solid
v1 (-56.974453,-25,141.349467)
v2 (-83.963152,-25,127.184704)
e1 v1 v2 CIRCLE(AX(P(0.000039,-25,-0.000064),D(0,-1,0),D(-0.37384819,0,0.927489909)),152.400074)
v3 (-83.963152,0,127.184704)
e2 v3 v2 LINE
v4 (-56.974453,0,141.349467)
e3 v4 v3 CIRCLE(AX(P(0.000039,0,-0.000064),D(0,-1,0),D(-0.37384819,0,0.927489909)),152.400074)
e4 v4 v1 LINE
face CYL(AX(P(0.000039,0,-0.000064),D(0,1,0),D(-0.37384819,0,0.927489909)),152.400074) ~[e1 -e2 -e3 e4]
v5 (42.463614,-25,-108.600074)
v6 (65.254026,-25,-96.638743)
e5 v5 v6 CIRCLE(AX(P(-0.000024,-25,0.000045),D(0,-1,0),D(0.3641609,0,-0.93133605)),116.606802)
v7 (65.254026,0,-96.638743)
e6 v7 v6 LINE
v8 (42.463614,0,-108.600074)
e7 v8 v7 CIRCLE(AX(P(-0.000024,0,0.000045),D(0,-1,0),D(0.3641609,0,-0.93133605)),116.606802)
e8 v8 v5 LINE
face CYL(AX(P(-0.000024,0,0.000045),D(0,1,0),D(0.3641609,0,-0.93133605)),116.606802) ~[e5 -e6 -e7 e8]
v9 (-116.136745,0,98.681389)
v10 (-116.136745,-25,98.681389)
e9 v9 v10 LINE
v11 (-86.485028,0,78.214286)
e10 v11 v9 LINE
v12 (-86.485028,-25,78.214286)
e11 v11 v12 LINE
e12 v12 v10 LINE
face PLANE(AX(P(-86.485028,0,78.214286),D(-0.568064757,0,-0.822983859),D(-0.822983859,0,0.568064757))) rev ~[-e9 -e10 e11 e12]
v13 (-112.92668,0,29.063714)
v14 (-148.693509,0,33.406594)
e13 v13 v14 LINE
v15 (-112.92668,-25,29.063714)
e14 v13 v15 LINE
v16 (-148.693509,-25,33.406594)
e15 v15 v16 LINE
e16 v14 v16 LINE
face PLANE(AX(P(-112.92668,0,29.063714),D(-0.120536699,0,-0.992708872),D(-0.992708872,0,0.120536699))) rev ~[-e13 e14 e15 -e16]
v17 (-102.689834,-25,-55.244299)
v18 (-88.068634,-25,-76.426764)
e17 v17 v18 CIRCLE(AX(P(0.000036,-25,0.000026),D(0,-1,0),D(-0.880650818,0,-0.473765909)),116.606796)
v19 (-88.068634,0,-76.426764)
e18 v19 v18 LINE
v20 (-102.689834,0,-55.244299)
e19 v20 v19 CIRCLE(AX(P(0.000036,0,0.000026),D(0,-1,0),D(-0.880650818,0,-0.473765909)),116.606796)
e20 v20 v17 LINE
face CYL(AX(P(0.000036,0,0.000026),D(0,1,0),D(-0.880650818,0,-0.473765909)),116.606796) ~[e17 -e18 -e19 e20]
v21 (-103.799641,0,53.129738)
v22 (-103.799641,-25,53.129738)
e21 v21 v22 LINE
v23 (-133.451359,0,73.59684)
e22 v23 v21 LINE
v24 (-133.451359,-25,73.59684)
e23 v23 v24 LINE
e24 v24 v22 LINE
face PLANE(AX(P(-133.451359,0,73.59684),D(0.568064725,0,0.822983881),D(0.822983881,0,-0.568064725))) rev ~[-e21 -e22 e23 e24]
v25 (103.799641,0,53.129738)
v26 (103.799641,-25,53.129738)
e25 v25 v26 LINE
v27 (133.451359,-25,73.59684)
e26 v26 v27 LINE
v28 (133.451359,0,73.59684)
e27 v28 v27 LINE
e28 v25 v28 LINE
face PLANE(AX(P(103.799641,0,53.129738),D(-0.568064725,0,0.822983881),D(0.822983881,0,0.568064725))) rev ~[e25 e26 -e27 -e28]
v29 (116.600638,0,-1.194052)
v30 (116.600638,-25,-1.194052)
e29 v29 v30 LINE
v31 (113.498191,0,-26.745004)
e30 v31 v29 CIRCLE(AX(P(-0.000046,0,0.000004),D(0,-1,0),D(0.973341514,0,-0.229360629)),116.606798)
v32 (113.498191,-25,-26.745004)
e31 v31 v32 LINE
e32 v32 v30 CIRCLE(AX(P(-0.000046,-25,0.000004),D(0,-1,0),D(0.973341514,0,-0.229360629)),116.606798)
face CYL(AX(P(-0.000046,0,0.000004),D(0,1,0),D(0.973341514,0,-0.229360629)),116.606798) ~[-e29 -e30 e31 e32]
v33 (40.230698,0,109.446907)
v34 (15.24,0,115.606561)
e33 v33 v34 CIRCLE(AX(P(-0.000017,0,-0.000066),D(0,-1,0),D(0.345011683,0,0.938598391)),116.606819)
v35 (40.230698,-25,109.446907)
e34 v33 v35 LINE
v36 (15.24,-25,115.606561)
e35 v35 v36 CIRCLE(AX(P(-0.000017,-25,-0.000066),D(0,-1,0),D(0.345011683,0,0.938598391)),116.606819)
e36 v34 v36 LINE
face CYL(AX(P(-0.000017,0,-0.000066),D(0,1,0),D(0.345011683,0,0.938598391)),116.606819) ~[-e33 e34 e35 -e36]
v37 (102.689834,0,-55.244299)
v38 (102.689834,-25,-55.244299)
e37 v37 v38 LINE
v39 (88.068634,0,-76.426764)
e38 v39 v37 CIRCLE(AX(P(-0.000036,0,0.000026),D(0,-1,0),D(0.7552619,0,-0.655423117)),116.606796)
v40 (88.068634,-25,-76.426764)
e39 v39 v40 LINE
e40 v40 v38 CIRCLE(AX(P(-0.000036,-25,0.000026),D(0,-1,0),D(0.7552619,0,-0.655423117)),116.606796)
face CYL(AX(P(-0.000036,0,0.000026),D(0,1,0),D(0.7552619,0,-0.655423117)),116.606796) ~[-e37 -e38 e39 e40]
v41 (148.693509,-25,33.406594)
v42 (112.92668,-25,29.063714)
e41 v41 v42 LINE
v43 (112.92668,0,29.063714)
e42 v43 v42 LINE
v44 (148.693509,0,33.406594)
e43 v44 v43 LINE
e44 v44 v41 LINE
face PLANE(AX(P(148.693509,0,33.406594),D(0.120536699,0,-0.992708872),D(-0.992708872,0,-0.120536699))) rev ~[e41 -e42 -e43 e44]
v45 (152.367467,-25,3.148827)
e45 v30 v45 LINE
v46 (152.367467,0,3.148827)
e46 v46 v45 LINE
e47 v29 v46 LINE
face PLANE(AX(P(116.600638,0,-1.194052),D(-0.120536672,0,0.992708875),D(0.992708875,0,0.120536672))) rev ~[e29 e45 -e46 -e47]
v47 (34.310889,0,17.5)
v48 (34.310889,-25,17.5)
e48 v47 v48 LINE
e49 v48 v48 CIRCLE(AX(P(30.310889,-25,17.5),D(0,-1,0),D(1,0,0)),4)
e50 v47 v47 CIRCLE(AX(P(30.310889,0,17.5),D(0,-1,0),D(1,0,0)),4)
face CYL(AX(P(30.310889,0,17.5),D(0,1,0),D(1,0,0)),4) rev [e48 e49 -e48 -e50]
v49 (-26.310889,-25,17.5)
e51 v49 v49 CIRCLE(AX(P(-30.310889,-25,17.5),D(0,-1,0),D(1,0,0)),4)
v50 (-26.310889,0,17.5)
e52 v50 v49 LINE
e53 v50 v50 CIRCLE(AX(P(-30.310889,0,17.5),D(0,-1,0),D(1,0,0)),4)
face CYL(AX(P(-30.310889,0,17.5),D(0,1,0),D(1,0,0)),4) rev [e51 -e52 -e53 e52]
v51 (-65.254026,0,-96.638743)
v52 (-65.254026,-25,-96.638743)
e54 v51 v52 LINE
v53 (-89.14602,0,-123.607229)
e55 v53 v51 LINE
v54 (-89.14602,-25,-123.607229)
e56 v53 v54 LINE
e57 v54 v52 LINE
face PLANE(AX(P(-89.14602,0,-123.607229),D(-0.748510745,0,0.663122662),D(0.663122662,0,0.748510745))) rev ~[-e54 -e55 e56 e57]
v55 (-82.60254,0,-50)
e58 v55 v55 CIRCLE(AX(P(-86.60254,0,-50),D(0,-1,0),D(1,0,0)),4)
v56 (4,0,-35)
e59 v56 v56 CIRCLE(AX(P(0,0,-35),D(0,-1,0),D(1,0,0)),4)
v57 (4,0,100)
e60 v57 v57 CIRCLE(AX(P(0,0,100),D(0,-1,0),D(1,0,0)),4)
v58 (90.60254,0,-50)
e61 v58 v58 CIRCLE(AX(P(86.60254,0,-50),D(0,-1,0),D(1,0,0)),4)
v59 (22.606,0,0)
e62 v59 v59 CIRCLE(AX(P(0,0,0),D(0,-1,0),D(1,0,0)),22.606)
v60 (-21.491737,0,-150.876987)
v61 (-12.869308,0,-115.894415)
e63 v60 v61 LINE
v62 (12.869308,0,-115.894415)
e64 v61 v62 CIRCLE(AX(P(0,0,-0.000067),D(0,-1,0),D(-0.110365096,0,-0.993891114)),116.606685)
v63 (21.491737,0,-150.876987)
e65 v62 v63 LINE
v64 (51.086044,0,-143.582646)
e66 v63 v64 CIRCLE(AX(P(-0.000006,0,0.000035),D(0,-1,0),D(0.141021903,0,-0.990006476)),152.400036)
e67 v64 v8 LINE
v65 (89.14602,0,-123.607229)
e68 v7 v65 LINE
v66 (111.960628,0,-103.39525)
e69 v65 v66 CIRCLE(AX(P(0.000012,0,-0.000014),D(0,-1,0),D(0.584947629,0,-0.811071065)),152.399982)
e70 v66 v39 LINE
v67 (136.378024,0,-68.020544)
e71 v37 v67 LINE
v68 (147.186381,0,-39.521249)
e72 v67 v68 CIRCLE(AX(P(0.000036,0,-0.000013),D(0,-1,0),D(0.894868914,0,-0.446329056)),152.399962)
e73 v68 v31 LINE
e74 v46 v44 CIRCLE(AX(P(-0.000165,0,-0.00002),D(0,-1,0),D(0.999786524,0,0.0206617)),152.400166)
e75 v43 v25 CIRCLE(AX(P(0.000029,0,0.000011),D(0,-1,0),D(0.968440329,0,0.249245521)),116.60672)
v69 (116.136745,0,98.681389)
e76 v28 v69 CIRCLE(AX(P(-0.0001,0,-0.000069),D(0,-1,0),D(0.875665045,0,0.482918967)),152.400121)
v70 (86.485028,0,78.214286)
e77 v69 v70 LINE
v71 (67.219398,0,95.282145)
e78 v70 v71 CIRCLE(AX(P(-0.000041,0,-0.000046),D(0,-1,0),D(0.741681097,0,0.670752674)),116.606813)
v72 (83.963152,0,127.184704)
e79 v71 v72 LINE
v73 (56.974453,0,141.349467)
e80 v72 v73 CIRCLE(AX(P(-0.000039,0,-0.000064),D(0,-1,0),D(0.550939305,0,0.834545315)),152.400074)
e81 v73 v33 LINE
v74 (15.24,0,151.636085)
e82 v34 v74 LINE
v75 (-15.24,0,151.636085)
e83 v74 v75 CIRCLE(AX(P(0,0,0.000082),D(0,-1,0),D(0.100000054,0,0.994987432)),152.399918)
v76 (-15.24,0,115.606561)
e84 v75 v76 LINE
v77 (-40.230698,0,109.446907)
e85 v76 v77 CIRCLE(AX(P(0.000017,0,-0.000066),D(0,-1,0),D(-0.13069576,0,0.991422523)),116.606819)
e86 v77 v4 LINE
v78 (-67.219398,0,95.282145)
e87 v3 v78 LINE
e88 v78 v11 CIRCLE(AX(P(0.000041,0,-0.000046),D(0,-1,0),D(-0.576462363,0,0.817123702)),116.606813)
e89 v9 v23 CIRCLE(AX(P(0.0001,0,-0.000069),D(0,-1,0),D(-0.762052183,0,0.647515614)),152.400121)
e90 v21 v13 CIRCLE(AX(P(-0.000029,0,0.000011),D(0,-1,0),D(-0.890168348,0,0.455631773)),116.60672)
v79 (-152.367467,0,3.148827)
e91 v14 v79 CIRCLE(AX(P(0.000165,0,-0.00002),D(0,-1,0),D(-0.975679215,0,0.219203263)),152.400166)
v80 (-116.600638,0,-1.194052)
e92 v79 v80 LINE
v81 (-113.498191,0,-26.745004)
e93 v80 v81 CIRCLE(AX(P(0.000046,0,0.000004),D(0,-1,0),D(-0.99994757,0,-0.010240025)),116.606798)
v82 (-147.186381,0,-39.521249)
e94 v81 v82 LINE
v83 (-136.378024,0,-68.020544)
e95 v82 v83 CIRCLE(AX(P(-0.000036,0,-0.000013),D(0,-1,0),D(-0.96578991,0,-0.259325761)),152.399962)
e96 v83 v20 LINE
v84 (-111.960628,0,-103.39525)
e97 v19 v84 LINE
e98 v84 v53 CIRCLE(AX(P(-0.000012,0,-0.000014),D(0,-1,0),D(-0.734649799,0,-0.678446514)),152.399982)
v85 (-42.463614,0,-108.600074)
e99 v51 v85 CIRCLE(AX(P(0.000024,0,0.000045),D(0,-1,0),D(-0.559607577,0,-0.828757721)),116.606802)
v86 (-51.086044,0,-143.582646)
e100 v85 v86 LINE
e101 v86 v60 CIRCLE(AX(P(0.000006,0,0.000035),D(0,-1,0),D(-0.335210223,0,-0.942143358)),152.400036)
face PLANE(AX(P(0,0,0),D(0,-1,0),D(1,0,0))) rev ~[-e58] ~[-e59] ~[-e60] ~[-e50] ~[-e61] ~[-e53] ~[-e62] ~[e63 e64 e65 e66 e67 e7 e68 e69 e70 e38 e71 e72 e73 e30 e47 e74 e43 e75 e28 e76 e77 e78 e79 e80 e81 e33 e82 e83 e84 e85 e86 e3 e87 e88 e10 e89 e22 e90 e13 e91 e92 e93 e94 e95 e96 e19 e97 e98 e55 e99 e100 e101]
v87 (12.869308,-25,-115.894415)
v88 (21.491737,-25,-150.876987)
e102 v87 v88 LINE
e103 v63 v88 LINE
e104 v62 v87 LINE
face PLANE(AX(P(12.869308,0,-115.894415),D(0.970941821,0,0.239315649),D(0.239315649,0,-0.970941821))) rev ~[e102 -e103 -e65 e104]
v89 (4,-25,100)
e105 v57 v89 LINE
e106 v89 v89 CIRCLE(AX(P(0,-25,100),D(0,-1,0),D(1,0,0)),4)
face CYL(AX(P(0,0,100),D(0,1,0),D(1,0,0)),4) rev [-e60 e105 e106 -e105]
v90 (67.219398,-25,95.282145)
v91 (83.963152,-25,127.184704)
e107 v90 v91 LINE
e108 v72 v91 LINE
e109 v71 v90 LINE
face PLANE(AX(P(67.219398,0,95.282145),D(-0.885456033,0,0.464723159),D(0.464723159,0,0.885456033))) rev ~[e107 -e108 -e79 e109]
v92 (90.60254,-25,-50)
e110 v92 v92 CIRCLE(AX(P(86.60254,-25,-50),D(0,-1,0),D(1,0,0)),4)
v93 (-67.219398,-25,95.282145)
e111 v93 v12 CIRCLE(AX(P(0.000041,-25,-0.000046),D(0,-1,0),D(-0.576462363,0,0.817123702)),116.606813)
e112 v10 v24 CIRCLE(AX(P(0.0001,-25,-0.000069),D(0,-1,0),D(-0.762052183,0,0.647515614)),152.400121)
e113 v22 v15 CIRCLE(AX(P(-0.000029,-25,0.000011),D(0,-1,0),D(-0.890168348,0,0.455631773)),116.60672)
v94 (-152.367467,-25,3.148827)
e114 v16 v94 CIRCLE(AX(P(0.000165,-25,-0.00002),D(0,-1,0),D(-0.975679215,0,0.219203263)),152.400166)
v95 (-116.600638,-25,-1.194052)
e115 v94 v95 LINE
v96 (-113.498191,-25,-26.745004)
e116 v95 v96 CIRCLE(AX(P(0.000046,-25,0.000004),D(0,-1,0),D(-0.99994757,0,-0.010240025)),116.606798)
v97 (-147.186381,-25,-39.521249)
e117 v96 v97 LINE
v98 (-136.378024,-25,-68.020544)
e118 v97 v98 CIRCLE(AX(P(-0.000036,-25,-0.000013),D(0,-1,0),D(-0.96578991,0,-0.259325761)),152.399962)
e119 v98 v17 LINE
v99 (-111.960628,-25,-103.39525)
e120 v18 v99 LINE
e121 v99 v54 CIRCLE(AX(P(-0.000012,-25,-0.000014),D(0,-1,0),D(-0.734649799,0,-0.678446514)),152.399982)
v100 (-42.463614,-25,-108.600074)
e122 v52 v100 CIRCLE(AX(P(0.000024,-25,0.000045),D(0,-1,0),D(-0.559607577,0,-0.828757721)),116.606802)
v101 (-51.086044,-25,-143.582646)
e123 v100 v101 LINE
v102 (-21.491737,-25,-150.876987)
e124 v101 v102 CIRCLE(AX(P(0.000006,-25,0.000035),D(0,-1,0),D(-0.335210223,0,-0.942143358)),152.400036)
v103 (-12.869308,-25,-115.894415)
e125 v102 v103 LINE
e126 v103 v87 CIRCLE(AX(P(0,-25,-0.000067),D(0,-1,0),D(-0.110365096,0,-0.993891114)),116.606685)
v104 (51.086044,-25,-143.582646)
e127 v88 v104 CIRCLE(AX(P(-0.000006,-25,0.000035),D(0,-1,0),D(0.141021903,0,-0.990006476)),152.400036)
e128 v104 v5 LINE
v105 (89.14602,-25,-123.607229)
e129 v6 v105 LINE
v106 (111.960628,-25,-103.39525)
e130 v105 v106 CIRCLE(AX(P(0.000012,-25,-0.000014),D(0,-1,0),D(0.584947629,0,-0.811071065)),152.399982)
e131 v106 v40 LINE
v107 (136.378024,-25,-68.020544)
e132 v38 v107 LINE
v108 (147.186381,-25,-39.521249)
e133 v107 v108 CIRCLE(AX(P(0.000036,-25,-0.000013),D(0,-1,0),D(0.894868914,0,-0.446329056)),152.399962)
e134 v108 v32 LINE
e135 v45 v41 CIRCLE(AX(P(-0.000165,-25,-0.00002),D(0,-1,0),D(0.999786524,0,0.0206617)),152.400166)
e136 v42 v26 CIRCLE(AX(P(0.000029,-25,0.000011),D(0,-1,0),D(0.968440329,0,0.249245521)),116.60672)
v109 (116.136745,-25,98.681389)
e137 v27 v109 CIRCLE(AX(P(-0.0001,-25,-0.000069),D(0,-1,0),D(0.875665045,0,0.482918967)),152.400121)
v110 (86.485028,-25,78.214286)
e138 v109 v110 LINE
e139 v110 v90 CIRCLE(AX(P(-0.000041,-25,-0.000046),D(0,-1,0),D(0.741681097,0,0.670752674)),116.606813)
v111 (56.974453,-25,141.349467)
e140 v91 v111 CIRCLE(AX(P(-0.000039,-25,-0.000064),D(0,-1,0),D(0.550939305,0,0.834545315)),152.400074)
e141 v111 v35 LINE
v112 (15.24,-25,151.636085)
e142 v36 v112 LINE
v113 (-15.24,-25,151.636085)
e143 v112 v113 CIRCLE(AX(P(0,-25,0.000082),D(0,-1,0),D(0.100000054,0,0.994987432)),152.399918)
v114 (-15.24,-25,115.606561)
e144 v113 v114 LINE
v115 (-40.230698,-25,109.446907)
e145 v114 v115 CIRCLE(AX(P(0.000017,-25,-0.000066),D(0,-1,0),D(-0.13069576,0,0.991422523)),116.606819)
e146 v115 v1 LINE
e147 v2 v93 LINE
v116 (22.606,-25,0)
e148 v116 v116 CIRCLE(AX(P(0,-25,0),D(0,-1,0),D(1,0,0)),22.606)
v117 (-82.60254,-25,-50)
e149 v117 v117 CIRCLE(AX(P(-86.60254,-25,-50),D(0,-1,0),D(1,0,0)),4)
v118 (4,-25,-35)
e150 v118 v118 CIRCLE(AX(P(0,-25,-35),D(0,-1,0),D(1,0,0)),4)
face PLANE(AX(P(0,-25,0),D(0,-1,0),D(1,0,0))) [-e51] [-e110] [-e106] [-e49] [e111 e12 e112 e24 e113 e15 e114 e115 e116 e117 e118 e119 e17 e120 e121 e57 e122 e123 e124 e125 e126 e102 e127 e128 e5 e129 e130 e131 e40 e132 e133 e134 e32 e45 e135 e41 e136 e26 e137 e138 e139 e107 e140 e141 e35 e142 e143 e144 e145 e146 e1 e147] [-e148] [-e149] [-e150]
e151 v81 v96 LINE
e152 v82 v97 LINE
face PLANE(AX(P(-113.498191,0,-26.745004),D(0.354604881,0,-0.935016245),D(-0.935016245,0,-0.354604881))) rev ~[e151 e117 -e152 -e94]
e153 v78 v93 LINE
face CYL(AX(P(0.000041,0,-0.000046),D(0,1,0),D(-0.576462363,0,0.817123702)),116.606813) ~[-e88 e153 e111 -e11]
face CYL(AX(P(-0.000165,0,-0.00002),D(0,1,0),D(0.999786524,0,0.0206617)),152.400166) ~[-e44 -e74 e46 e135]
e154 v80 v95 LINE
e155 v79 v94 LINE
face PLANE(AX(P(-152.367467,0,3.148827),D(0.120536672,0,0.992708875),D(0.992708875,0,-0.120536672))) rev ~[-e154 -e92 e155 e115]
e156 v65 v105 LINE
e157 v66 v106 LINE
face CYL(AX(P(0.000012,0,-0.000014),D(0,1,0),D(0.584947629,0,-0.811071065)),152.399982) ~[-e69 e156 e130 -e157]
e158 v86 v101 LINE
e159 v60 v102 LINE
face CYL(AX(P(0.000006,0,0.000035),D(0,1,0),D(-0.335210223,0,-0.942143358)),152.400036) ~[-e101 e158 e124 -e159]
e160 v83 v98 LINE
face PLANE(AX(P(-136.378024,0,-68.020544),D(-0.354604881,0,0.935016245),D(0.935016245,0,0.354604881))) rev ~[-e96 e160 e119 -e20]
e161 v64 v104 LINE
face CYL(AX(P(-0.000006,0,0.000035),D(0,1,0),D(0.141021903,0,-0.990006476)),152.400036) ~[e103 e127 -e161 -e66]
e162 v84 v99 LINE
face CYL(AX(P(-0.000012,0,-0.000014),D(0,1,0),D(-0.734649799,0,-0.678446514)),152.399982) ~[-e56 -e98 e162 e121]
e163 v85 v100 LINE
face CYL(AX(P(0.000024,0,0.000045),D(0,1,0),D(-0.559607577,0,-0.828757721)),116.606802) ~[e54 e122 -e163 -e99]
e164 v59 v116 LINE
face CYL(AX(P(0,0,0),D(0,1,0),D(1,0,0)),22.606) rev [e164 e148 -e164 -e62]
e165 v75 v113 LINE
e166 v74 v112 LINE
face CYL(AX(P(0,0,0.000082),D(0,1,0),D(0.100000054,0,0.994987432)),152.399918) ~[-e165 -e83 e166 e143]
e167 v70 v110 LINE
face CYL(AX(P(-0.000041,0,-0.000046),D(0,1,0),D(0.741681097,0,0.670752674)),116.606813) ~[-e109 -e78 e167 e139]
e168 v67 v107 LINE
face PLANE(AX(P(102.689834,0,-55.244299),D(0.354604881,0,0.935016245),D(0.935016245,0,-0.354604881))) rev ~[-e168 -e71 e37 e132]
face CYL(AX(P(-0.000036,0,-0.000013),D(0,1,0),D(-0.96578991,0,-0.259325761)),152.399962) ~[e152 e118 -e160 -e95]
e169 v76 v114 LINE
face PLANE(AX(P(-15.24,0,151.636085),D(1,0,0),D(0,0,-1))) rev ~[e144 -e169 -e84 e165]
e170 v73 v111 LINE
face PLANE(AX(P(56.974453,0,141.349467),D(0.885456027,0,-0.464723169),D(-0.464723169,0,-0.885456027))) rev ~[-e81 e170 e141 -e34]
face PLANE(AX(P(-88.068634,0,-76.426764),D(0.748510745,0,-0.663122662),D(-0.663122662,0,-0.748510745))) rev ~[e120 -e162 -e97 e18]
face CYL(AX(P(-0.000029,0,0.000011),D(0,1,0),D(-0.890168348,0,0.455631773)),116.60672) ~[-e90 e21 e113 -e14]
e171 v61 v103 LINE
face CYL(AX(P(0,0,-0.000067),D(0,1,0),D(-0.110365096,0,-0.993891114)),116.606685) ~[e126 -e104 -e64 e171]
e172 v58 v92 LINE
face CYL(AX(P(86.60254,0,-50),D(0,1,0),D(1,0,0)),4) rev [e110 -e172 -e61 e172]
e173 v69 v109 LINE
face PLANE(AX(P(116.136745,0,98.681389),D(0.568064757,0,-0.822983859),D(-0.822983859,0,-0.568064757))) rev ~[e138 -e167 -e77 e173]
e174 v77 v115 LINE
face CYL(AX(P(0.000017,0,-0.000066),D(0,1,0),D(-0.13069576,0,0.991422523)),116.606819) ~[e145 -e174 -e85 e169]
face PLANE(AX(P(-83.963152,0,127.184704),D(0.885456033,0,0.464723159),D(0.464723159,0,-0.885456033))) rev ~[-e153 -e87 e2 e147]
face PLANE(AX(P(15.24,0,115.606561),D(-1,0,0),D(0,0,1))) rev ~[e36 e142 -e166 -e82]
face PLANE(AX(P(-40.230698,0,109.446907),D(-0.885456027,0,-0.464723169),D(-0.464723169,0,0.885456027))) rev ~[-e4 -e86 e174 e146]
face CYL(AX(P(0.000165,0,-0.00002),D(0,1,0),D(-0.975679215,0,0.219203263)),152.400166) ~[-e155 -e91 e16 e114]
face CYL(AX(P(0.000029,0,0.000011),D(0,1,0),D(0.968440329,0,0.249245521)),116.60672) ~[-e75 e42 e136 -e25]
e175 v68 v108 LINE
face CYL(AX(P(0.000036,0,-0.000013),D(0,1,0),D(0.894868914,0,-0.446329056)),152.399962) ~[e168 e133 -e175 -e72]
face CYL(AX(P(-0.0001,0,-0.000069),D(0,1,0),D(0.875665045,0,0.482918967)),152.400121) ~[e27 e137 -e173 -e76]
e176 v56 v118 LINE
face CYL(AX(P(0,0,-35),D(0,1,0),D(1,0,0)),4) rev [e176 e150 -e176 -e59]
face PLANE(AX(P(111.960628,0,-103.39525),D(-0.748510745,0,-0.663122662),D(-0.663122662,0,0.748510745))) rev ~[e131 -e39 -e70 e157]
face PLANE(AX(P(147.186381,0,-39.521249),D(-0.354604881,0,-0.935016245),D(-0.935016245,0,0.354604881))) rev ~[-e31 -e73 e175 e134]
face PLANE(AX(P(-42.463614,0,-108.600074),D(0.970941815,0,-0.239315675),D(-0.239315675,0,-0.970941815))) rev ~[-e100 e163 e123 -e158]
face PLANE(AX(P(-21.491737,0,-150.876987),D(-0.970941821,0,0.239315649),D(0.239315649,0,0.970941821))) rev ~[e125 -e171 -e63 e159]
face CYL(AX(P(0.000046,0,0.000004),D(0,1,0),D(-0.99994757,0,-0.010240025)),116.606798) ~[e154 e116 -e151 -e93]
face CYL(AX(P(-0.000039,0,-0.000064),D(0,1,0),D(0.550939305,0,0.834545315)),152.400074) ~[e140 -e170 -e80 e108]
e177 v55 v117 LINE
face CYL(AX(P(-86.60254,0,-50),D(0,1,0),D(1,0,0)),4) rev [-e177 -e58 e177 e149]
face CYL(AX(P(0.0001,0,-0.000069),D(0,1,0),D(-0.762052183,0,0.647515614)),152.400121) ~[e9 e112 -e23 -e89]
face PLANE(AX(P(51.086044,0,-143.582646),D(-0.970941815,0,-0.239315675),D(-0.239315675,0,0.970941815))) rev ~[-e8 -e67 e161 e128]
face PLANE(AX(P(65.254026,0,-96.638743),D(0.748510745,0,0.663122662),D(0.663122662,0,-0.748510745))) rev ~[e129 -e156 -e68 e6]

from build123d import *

# Parameters (mm, degrees)
F0_R     = 4
F0_R_2   = 22.606
F1_DEPTH = 25


with BuildPart() as f1:
    # F0 (on Front) → F1 (new body)
    with BuildSketch(Plane.XZ):
        with BuildLine():
            Line((-15.24, 151.636085), (-15.24, 115.606561))
            ThreePointArc((-15.24, 115.606561), (-27.905822, 113.218371), (-40.230698, 109.446907))
            Line((-40.230698, 109.446907), (-56.974453, 141.349467))
            ThreePointArc((-56.974453, 141.349467), (-70.823811, 134.943498), (-83.963152, 127.184704))
            Line((-83.963152, 127.184704), (-67.219398, 95.282145))
            ThreePointArc((-67.219398, 95.282145), (-77.324579, 87.281407), (-86.485028, 78.214286))
            Line((-86.485028, 78.214286), (-116.136745, 98.681389))
            ThreePointArc((-116.136745, 98.681389), (-125.422741, 86.573067), (-133.451359, 73.59684))
            Line((-133.451359, 73.59684), (-103.799641, 53.129738))
            ThreePointArc((-103.799641, 53.129738), (-109.029207, 41.349324), (-112.92668, 29.063714))
            Line((-112.92668, 29.063714), (-148.693509, 33.406594))
            ThreePointArc((-148.693509, 33.406594), (-151.288832, 18.36979), (-152.367467, 3.148827))
            Line((-152.367467, 3.148827), (-116.600638, -1.194052))
            ThreePointArc((-116.600638, -1.194052), (-115.756557, -14.055391), (-113.498191, -26.745004))
            Line((-113.498191, -26.745004), (-147.186381, -39.521249))
            ThreePointArc((-147.186381, -39.521249), (-142.496475, -54.041785), (-136.378024, -68.020544))
            Line((-136.378024, -68.020544), (-102.689834, -55.244299))
            ThreePointArc((-102.689834, -55.244299), (-95.965475, -66.240185), (-88.068634, -76.426764))
            Line((-88.068634, -76.426764), (-111.960628, -103.39525))
            ThreePointArc((-111.960628, -103.39525), (-101.059893, -114.073038), (-89.14602, -123.607229))
            Line((-89.14602, -123.607229), (-65.254026, -96.638743))
            ThreePointArc((-65.254026, -96.638743), (-54.189859, -103.250151), (-42.463614, -108.600074))
            Line((-42.463614, -108.600074), (-51.086044, -143.582646))
            ThreePointArc((-51.086044, -143.582646), (-36.471707, -147.971533), (-21.491737, -150.876987))
            Line((-21.491737, -150.876987), (-12.869308, -115.894415))
            ThreePointArc((-12.869308, -115.894415), (0, -116.606752), (12.869308, -115.894415))
            Line((12.869308, -115.894415), (21.491737, -150.876987))
            ThreePointArc((21.491737, -150.876987), (36.471707, -147.971533), (51.086044, -143.582646))
            Line((51.086044, -143.582646), (42.463614, -108.600074))
            ThreePointArc((42.463614, -108.600074), (54.189859, -103.250151), (65.254026, -96.638743))
            Line((65.254026, -96.638743), (89.14602, -123.607229))
            ThreePointArc((89.14602, -123.607229), (101.059893, -114.073038), (111.960628, -103.39525))
            Line((111.960628, -103.39525), (88.068634, -76.426764))
            ThreePointArc((88.068634, -76.426764), (95.965475, -66.240185), (102.689834, -55.244299))
            Line((102.689834, -55.244299), (136.378024, -68.020544))
            ThreePointArc((136.378024, -68.020544), (142.496475, -54.041785), (147.186381, -39.521249))
            Line((147.186381, -39.521249), (113.498191, -26.745004))
            ThreePointArc((113.498191, -26.745004), (115.756557, -14.055391), (116.600638, -1.194052))
            Line((116.600638, -1.194052), (152.367467, 3.148827))
            ThreePointArc((152.367467, 3.148827), (151.288832, 18.36979), (148.693509, 33.406594))
            Line((148.693509, 33.406594), (112.92668, 29.063714))
            ThreePointArc((112.92668, 29.063714), (109.029207, 41.349324), (103.799641, 53.129738))
            Line((103.799641, 53.129738), (133.451359, 73.59684))
            ThreePointArc((133.451359, 73.59684), (125.422741, 86.573067), (116.136745, 98.681389))
            Line((116.136745, 98.681389), (86.485028, 78.214286))
            ThreePointArc((86.485028, 78.214286), (77.324579, 87.281407), (67.219398, 95.282145))
            Line((67.219398, 95.282145), (83.963152, 127.184704))
            ThreePointArc((83.963152, 127.184704), (70.823811, 134.943498), (56.974453, 141.349467))
            Line((56.974453, 141.349467), (40.230698, 109.446907))
            ThreePointArc((40.230698, 109.446907), (27.905822, 113.218371), (15.24, 115.606561))
            Line((15.24, 115.606561), (15.24, 151.636085))
            ThreePointArc((15.24, 151.636085), (0, 152.4), (-15.24, 151.636085))
        make_face()
        with Locations((-86.60254, -50)):
            Circle(F0_R, mode=Mode.SUBTRACT)
        with Locations((0, -35)):
            Circle(F0_R, mode=Mode.SUBTRACT)
        Circle(F0_R_2, mode=Mode.SUBTRACT)
        with Locations((86.60254, -50)):
            Circle(F0_R, mode=Mode.SUBTRACT)
        with Locations((-30.310889, 17.5)):
            Circle(F0_R, mode=Mode.SUBTRACT)
        with Locations((30.310889, 17.5)):
            Circle(F0_R, mode=Mode.SUBTRACT)
        with Locations((0, 100)):
            Circle(F0_R, mode=Mode.SUBTRACT)
    extrude(amount=F1_DEPTH)


solid = f1.part
